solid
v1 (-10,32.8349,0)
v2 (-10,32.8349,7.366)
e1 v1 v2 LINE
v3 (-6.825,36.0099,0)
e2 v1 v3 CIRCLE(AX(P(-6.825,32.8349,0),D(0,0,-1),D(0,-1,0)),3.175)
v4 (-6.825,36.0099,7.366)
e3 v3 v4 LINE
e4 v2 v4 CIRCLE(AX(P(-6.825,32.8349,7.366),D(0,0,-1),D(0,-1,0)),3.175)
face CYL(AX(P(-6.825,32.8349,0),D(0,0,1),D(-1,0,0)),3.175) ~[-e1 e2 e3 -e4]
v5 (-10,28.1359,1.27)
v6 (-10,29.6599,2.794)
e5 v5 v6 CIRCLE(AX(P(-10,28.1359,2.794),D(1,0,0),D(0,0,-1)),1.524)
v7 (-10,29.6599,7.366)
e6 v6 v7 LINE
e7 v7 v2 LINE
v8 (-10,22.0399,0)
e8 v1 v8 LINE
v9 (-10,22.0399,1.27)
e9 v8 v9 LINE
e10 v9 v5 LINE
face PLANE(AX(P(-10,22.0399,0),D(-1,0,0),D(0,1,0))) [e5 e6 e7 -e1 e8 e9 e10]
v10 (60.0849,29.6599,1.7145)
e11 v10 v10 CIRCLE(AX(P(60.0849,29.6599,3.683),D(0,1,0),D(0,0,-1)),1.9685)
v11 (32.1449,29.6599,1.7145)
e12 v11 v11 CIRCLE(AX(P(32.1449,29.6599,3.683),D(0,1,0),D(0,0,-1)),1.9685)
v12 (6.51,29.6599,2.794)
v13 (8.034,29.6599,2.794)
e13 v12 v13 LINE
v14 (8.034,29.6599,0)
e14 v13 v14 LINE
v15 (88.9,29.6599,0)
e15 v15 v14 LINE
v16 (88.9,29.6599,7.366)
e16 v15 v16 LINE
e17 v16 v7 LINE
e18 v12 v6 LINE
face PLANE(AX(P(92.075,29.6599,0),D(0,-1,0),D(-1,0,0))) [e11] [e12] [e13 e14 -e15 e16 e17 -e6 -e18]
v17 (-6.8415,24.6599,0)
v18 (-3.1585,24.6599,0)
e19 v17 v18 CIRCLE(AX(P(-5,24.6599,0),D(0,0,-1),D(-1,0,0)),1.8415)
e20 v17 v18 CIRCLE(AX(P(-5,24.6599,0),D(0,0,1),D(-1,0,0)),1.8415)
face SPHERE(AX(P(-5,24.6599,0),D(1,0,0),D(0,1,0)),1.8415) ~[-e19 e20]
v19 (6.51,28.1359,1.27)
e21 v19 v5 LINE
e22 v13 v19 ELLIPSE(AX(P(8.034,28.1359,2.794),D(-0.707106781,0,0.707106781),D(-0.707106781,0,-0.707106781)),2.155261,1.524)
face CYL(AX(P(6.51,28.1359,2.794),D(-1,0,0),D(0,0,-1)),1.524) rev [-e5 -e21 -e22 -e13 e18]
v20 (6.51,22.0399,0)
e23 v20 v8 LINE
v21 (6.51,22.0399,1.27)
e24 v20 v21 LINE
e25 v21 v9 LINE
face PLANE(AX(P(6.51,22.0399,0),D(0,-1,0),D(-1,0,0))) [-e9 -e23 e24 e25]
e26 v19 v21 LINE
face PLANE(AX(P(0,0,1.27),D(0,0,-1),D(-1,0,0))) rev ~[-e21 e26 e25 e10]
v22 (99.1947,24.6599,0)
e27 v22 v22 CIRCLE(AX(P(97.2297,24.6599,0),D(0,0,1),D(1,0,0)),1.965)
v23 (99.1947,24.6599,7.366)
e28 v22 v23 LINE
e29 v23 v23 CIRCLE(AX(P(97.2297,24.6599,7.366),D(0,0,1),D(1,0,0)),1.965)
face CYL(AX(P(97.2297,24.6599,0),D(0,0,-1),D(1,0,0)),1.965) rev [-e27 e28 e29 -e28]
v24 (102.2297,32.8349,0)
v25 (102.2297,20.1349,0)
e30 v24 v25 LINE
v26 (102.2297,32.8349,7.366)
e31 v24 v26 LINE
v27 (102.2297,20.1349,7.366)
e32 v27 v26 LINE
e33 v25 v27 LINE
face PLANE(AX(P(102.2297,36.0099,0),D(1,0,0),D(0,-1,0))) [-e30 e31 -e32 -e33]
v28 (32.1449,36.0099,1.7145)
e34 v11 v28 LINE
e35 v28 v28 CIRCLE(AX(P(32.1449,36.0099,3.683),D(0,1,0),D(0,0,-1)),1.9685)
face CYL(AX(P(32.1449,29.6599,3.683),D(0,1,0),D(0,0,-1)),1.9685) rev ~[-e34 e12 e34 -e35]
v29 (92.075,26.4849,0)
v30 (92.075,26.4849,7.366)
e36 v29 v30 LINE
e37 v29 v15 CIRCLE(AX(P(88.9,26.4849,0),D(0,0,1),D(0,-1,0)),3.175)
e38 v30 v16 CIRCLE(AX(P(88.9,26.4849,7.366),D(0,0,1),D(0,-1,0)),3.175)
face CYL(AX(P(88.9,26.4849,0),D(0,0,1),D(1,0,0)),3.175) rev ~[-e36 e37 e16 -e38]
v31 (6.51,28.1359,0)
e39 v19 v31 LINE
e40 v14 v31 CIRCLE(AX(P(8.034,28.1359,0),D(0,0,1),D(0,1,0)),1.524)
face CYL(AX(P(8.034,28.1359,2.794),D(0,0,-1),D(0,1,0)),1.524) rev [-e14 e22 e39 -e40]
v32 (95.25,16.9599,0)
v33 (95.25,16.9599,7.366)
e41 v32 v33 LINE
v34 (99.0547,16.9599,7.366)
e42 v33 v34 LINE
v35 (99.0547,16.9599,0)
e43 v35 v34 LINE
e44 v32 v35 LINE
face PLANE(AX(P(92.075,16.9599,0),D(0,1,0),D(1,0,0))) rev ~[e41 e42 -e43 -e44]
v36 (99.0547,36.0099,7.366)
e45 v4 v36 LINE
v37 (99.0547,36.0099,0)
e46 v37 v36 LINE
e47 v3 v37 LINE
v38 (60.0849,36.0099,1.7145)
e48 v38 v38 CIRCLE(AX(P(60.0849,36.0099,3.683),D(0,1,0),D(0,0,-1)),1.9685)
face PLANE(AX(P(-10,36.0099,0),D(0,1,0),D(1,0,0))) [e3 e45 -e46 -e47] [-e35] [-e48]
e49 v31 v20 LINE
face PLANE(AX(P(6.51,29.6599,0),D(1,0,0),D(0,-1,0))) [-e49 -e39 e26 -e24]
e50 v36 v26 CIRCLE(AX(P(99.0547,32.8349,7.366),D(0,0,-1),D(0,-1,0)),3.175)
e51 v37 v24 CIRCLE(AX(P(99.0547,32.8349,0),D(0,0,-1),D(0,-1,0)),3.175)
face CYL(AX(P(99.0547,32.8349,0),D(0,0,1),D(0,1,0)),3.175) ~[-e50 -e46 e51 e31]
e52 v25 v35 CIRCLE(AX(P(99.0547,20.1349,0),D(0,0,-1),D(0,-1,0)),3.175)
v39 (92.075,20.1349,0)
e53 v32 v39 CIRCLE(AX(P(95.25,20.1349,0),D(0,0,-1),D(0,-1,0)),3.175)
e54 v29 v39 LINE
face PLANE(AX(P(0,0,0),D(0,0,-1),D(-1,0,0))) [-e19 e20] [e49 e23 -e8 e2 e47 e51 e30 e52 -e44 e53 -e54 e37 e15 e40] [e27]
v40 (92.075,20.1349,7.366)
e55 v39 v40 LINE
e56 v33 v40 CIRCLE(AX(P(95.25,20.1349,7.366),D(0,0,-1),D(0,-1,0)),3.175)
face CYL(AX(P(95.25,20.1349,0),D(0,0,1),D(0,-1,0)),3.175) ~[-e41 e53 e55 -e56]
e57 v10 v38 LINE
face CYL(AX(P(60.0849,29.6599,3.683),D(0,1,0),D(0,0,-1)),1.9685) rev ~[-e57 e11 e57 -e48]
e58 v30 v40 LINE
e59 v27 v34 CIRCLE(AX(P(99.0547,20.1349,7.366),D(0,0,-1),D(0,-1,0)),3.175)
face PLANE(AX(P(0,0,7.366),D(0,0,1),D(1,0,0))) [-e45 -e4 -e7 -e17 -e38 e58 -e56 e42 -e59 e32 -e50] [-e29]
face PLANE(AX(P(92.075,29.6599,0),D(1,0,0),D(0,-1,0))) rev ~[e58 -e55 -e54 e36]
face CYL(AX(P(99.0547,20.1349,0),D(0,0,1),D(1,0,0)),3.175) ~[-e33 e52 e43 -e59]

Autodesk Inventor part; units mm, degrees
ref_plane "YZ Plane" through (0, 0, 0) normal (1, 0, 0) x (0, 1, 0)
ref_plane "Work Plane1" through (65.1649, 36.0099, -59.025) normal (0, 0, -1) x (0, -1, 0)
ref_plane "Work Plane2" through (0, 0, 0) normal (0, 0, 1) x (1, 0, 0)
sketch "Sketch1" plane through (0, 0, 0) normal (0, 0, 1) x (1, 0, 0)
  line L0 (27.0649, 36.0099) -> (65.1649, 36.0099) construction
  line L1 (-10, 0) -> (-10, 27.6599) construction
  line L2 (102.2297, 27.6599) -> (102.2297, 0) construction
  line L3 (89.2297, 29.6599) -> (100.2297, 29.6599) construction
  line L4 (-10, 36.0099) -> (102.2297, 36.0099)
  line L5 (102.2297, 36.0099) -> (102.2297, 29.6599)
  line L6 (92.075, 29.6599) -> (-10, 29.6599)
  line L7 (-10, 29.6599) -> (-10, 36.0099)
  line L8 (92.075, 29.6599) -> (92.075, 16.9599)
  line L9 (92.075, 16.9599) -> (102.2297, 16.9599)
  line L10 (102.2297, 16.9599) -> (102.2297, 29.6599)
  circle A0 centre (97.2297, 24.6599) radius 1.965 projected
  circle A1 centre (97.2297, 24.6599) radius 1.965 construction
  point P0 (0, 0)
extrude "Extrusion1" add sketch "Sketch1" along normal blind 7.366
fillet "Fillet1" radius 3.175 4 edges at (92.075, 29.6599, 3.683) (102.2297, 36.0099, 3.683) (92.075, 16.9599, 3.683) (102.2297, 16.9599, 3.683)
sketch "Sketch2" plane through (0, 0, 0) normal (0, 0, -1) x (-1, 0, 0)
  line L0 (10, 0) -> (10, 27.6599) construction
  line L1 (-88.9, 29.6599) -> (10, 29.6599) projected
  line L2 (10, 29.6599) -> (-6.51, 29.6599)
  line L3 (-6.51, 29.6599) -> (-6.51, 22.0399)
  line L4 (-6.51, 22.0399) -> (10, 22.0399)
  line L5 (10, 22.0399) -> (10, 29.6599)
  point P0 (0, 0)
  dimension "d4" = 16.51
  dimension "d5" = 7.62
extrude "Extrusion2" add sketch "Sketch2" against normal blind 1.27
fillet "Fillet2" radius 1.524 1 edges at (-1.745, 29.6599, 1.27)
sketch "Sketch3" plane through (0, 0, 0) normal (0, 0, -1) x (-1, 0, 0)
  circle A0 centre (5, 24.6599) radius 1.965 construction
  arc A1 (6.8415, 24.6599) -> (3.1585, 24.6599) centre (5, 24.6599) ccw
  line L0 (3.1585, 24.6599) -> (6.8415, 24.6599)
  point P0 (0, 0)
  dimension "d9" = 3.683
revolve "Revolution1" add sketch "Sketch3" angle 180 about axis through (-3.1585, 24.6599, 0) along (-1, 0, 0)
sketch "Sketch4" plane through (-10, 29.6599, 7.366) normal (0, -1, 0) x (1, 0, 0)
  line L0 (37.0649, -133.32) -> (37.0649, 0.03) construction
  line L1 (75.1649, 0.03) -> (75.1649, -133.32) construction
  line L2 (0, 0) -> (98.9, 0) construction
  line L3 (109.0547, 0) -> (0, 0) construction
  line L4 (37.0649, 0) -> (37.0649, -7.366) construction
  line L5 (0, -7.366) -> (109.0547, -7.366) construction
  line L6 (75.1649, 0) -> (75.1649, -7.366) construction
  line L7 (37.0649, -3.683) -> (75.1649, -3.683) construction
  point P0 (10, -7.366)
  point P1 (42.1449, -3.683)
  point P2 (70.0849, -3.683)
  dimension "d11" = 5.08
  dimension "d12" = 5.08
hole "Hole1" at (32.1449, 29.6599, 3.683) at (60.0849, 29.6599, 3.683) direction (0, 1, 0) diameter 3.937 end through all
fillet "Fillet3" radius 3.175 1 edges at (-10, 36.0099, 3.683)
fillet "Fillet4" radius 1.524 1 edges at (6.51, 29.6599, 1.397)
properties part number "PhoneMountRightRib"
